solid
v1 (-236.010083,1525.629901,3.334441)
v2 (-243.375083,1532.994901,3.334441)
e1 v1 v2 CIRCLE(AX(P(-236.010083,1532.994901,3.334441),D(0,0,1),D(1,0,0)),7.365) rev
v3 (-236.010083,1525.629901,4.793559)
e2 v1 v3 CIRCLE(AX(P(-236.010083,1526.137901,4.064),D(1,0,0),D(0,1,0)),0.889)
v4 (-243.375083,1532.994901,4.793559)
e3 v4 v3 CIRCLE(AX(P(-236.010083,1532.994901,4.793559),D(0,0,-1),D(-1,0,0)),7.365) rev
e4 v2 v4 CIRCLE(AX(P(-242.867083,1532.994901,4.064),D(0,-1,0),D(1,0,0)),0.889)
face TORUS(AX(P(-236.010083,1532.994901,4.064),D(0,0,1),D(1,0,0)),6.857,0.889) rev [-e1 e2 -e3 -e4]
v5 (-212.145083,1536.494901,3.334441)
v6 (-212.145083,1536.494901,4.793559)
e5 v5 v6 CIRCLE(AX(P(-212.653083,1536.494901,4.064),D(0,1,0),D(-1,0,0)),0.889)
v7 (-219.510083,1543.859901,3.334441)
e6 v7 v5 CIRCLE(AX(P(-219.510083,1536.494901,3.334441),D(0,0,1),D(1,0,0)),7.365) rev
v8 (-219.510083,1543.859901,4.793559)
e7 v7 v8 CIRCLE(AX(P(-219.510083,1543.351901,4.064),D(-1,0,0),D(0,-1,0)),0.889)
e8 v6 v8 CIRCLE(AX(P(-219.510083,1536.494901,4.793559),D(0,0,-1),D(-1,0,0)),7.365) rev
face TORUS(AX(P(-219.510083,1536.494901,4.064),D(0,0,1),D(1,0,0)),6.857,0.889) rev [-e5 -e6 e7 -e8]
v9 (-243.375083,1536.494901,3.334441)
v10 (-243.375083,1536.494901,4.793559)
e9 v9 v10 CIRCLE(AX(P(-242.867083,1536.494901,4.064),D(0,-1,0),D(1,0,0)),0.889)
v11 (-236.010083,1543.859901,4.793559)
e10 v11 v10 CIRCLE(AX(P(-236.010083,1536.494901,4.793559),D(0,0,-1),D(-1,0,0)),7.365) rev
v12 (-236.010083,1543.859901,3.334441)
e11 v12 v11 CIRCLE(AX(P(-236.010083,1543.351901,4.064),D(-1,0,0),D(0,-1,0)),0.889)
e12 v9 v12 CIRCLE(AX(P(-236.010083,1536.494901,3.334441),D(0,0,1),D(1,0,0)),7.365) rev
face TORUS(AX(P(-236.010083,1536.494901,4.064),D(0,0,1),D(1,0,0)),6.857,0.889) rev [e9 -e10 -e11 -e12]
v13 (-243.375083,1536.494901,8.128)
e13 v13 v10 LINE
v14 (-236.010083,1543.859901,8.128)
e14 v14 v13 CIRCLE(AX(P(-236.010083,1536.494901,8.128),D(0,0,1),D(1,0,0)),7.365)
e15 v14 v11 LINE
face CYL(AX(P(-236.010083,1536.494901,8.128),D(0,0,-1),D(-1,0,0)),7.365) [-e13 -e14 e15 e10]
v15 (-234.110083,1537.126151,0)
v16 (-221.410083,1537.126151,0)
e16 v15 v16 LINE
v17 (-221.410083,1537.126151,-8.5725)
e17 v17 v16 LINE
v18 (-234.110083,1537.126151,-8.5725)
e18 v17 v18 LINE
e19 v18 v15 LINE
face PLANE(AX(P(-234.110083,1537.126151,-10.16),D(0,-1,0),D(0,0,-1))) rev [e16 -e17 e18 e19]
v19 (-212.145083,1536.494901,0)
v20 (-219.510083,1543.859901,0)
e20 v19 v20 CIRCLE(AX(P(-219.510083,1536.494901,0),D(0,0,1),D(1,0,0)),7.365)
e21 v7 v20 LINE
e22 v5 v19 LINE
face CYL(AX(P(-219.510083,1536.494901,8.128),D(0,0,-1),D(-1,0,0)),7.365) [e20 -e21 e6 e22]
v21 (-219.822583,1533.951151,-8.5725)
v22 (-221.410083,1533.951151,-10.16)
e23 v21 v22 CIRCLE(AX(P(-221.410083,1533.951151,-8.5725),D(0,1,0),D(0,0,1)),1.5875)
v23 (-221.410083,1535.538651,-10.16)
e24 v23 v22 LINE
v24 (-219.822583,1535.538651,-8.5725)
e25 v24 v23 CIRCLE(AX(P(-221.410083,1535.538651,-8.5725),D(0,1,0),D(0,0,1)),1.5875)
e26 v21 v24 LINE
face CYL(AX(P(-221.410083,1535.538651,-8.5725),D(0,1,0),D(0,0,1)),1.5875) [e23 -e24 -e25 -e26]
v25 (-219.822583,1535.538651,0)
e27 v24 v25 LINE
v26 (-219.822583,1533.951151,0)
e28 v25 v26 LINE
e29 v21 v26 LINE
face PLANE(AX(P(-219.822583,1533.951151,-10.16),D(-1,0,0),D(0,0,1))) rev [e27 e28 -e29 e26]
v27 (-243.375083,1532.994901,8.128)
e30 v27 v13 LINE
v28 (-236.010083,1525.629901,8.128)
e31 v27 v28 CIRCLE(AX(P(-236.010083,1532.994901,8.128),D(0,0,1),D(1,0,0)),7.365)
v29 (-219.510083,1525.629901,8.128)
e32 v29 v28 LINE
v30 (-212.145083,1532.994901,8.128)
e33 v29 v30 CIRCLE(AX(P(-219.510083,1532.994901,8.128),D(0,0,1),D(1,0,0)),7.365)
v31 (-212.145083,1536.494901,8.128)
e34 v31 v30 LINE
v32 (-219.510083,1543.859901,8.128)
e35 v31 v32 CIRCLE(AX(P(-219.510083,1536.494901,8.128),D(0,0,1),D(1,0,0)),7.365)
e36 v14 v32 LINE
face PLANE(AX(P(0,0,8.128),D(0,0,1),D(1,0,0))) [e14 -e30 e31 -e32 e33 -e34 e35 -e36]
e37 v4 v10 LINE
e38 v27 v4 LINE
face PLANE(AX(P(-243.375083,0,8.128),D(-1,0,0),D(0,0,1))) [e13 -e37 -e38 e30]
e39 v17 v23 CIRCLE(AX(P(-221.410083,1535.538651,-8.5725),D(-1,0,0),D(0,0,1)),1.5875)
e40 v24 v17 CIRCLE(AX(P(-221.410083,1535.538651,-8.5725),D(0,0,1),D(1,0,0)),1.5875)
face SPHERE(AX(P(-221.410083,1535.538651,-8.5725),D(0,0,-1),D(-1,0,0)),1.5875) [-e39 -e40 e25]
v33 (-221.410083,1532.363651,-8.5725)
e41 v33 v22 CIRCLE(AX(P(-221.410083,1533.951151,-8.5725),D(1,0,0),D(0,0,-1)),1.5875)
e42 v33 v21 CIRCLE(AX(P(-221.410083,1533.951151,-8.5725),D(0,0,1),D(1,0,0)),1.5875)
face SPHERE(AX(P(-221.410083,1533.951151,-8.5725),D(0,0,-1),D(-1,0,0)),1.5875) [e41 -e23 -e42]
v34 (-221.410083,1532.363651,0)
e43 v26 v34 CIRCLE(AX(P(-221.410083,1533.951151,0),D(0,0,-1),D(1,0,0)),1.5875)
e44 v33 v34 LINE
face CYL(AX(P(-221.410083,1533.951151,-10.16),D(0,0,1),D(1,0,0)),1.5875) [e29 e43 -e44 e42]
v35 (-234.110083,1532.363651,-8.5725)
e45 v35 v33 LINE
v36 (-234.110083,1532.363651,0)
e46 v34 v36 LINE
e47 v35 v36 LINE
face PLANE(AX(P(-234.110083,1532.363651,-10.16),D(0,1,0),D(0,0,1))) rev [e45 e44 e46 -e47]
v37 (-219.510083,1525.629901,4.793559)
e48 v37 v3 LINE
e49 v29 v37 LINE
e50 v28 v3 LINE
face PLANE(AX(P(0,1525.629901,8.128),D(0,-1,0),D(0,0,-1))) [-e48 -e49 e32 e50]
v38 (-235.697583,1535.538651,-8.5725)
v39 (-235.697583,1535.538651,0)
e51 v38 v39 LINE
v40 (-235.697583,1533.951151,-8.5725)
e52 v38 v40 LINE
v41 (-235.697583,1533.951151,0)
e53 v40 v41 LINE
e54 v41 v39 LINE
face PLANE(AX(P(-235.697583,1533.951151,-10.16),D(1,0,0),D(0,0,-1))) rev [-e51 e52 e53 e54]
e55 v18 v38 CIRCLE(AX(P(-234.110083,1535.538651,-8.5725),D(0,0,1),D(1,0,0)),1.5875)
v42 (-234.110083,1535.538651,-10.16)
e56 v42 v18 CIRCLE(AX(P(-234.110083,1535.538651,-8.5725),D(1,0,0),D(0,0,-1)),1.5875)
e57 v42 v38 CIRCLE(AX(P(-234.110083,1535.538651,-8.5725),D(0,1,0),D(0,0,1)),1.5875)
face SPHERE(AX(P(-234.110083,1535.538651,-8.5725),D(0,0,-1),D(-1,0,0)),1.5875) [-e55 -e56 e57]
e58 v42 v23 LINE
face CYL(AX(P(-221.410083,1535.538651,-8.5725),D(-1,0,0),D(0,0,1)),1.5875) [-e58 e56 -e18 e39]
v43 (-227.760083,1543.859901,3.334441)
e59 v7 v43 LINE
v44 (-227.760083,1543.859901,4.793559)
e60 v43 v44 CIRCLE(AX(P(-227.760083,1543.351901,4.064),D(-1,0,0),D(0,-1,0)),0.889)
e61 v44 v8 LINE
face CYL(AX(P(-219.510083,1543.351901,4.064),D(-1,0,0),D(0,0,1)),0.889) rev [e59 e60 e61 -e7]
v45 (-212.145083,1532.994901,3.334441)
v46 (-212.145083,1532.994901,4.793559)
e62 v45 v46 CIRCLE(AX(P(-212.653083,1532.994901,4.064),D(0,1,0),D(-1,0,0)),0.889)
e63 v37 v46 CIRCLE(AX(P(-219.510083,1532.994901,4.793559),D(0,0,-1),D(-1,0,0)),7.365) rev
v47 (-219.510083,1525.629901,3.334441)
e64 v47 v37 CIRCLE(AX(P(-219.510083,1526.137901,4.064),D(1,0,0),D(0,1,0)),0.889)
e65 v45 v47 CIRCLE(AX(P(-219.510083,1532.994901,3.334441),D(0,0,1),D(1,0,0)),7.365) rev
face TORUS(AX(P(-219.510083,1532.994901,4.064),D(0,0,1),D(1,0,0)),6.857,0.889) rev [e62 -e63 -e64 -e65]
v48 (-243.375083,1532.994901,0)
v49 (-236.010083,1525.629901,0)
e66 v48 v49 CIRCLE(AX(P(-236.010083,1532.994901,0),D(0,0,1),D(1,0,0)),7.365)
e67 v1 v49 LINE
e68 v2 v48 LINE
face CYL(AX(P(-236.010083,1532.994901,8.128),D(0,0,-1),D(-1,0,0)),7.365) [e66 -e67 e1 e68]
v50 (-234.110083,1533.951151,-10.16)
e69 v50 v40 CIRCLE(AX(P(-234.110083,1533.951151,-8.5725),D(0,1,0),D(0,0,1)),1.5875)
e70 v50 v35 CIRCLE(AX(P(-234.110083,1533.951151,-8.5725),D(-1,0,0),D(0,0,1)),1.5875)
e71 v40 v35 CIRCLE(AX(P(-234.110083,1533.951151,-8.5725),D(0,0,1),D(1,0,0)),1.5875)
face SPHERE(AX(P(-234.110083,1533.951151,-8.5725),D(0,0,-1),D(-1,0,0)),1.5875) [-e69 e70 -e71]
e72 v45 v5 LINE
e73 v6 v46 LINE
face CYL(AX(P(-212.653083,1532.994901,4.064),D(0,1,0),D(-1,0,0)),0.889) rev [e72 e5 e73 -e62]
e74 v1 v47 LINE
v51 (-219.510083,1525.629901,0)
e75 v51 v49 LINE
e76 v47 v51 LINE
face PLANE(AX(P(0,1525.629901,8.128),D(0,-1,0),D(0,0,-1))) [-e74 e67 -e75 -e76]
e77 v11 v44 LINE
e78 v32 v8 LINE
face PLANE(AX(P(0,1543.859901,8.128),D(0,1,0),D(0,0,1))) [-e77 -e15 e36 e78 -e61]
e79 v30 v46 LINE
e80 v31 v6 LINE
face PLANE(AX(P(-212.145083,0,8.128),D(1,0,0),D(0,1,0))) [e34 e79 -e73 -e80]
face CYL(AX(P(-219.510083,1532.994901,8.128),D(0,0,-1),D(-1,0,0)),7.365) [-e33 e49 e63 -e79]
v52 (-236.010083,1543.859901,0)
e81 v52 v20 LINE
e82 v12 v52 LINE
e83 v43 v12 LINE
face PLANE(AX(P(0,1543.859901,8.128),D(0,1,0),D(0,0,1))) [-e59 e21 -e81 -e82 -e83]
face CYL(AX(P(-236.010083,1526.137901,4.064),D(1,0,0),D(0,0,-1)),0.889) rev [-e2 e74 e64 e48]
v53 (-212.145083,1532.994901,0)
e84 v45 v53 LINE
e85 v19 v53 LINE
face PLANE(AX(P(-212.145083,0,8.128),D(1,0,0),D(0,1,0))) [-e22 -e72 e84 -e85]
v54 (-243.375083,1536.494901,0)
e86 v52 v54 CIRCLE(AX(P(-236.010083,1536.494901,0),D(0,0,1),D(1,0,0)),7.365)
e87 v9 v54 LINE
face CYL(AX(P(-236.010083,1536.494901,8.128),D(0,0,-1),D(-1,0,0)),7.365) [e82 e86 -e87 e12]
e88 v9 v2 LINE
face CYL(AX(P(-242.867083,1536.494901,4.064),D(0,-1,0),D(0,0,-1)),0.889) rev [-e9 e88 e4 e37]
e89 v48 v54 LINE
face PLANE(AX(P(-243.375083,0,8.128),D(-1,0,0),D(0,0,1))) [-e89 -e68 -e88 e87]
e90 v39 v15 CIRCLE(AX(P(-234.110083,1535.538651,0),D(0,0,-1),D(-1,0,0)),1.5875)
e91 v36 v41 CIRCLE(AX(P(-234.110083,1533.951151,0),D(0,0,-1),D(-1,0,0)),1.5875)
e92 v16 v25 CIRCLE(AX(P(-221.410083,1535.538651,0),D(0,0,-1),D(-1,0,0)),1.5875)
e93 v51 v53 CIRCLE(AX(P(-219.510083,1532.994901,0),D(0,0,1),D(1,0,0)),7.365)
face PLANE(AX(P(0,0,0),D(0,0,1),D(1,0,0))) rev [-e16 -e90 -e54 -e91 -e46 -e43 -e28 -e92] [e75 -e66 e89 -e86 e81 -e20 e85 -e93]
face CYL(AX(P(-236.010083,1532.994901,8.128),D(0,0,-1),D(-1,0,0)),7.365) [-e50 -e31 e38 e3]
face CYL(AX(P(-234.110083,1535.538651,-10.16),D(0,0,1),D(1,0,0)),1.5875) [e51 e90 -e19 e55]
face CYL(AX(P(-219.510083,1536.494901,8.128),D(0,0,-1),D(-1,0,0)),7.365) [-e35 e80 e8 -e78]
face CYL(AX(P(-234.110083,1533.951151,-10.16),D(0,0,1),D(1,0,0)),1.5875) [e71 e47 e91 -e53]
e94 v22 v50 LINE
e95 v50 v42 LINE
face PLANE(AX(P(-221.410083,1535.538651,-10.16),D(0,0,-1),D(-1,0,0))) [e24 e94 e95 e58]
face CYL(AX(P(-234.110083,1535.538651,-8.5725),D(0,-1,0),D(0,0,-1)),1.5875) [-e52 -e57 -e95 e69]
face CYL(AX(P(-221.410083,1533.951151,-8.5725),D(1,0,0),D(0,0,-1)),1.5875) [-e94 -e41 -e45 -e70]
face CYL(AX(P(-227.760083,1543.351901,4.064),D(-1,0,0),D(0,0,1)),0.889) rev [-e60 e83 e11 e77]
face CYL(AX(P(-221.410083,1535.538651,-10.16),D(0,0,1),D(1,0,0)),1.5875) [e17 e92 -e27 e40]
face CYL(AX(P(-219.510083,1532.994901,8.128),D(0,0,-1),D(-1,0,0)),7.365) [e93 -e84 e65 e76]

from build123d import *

# Parameters (mm, degrees)
BOSS_EXTRUDE1_DEPTH = 8.128
BOSS_EXTRUDE3_DEPTH = 10.16
FILLET1_R           = 1.5875
SKETCH12_R          = 0.889


with BuildPart() as part:
    # Sketch1 → Boss-Extrude1 (new body)
    with BuildSketch(Plane.XY):
        with BuildLine():
            Line((-243.375083311, 1536.494901352), (-243.375083311, 1532.994901352))
            ThreePointArc((-243.375083311, 1532.994901352), (-241.217924755, 1527.787059909), (-236.010083311, 1525.629901352))
            Line((-236.010083311, 1525.629901352), (-219.510083311, 1525.629901352))
            ThreePointArc((-219.510083311, 1525.629901352), (-214.302241868, 1527.787059909), (-212.145083311, 1532.994901352))
            Line((-212.145083311, 1532.994901352), (-212.145083311, 1536.494901352))
            ThreePointArc((-212.145083311, 1536.494901352), (-214.302241868, 1541.702742796), (-219.510083311, 1543.859901352))
            Line((-219.510083311, 1543.859901352), (-236.010083311, 1543.859901352))
            ThreePointArc((-236.010083311, 1543.859901352), (-241.217924755, 1541.702742796), (-243.375083311, 1536.494901352))
        make_face()
    extrude(amount=BOSS_EXTRUDE1_DEPTH)

    # Sketch3 → Boss-Extrude3 (add)
    with BuildSketch(Plane(origin=(0, 0, 0), x_dir=(-1, 0, 0), z_dir=(0, 0, -1))):
        with BuildLine():
            Line((234.110083311, 1532.363651352), (221.410083311, 1532.363651352))
            ThreePointArc((221.410083311, 1532.363651352), (220.287551296, 1532.828619337), (219.822583311, 1533.951151352))
            Line((219.822583311, 1533.951151352), (219.822583311, 1535.538651352))
            ThreePointArc((219.822583311, 1535.538651352), (220.287551296, 1536.661183368), (221.410083311, 1537.126151352))
            Line((221.410083311, 1537.126151352), (234.110083311, 1537.126151352))
            ThreePointArc((234.110083311, 1537.126151352), (235.232615326, 1536.661183368), (235.697583311, 1535.538651352))
            Line((235.697583311, 1535.538651352), (235.697583311, 1533.951151352))
            ThreePointArc((235.697583311, 1533.951151352), (235.232615326, 1532.828619337), (234.110083311, 1532.363651352))
        make_face()
    extrude(amount=BOSS_EXTRUDE3_DEPTH)

    # Fillet1
    fillet1_edges = [part.edges().sort_by_distance(p)[0] for p in [
        (-227.760083311, 1537.126151352, -10.16),
        (-235.232615326, 1536.661183368, -10.16),
        (-235.697583311, 1534.744901352, -10.16),
        (-235.232615326, 1532.828619337, -10.16),
        (-227.760083311, 1532.363651352, -10.16),
        (-220.287551296, 1532.828619337, -10.16),
        (-219.822583311, 1534.744901352, -10.16),
        (-220.287551296, 1536.661183368, -10.16),
    ]]
    fillet(fillet1_edges, radius=FILLET1_R)

    # Cut-Sweep1: sweep along a path in Sketch13
    with BuildLine(Plane.XY.offset(4.064)) as cut_sweep1_path:
        Line((-243.375083311, 1536.494901352), (-243.375083311, 1532.994901352))
        ThreePointArc((-243.375083311, 1532.994901352), (-241.217924755, 1527.787059909), (-236.010083311, 1525.629901352))
        Line((-236.010083311, 1525.629901352), (-219.510083311, 1525.629901352))
        ThreePointArc((-219.510083311, 1525.629901352), (-214.302241868, 1527.787059909), (-212.145083311, 1532.994901352))
        Line((-212.145083311, 1532.994901352), (-212.145083311, 1536.494901352))
        ThreePointArc((-212.145083311, 1536.494901352), (-214.302241868, 1541.702742796), (-219.510083311, 1543.859901352))
        Line((-219.510083311, 1543.859901352), (-236.010083311, 1543.859901352))
        ThreePointArc((-236.010083311, 1543.859901352), (-241.217924755, 1541.702742796), (-243.375083311, 1536.494901352))
    # Sketch12 → Cut-Sweep1 (sweep, cut)
    with BuildSketch(Plane.ZY.offset(227.760083311)):
        with Locations((4.064, 1543.351901352)):
            Circle(SKETCH12_R)
    sweep(path=cut_sweep1_path.line, mode=Mode.SUBTRACT)


solid = part.part
